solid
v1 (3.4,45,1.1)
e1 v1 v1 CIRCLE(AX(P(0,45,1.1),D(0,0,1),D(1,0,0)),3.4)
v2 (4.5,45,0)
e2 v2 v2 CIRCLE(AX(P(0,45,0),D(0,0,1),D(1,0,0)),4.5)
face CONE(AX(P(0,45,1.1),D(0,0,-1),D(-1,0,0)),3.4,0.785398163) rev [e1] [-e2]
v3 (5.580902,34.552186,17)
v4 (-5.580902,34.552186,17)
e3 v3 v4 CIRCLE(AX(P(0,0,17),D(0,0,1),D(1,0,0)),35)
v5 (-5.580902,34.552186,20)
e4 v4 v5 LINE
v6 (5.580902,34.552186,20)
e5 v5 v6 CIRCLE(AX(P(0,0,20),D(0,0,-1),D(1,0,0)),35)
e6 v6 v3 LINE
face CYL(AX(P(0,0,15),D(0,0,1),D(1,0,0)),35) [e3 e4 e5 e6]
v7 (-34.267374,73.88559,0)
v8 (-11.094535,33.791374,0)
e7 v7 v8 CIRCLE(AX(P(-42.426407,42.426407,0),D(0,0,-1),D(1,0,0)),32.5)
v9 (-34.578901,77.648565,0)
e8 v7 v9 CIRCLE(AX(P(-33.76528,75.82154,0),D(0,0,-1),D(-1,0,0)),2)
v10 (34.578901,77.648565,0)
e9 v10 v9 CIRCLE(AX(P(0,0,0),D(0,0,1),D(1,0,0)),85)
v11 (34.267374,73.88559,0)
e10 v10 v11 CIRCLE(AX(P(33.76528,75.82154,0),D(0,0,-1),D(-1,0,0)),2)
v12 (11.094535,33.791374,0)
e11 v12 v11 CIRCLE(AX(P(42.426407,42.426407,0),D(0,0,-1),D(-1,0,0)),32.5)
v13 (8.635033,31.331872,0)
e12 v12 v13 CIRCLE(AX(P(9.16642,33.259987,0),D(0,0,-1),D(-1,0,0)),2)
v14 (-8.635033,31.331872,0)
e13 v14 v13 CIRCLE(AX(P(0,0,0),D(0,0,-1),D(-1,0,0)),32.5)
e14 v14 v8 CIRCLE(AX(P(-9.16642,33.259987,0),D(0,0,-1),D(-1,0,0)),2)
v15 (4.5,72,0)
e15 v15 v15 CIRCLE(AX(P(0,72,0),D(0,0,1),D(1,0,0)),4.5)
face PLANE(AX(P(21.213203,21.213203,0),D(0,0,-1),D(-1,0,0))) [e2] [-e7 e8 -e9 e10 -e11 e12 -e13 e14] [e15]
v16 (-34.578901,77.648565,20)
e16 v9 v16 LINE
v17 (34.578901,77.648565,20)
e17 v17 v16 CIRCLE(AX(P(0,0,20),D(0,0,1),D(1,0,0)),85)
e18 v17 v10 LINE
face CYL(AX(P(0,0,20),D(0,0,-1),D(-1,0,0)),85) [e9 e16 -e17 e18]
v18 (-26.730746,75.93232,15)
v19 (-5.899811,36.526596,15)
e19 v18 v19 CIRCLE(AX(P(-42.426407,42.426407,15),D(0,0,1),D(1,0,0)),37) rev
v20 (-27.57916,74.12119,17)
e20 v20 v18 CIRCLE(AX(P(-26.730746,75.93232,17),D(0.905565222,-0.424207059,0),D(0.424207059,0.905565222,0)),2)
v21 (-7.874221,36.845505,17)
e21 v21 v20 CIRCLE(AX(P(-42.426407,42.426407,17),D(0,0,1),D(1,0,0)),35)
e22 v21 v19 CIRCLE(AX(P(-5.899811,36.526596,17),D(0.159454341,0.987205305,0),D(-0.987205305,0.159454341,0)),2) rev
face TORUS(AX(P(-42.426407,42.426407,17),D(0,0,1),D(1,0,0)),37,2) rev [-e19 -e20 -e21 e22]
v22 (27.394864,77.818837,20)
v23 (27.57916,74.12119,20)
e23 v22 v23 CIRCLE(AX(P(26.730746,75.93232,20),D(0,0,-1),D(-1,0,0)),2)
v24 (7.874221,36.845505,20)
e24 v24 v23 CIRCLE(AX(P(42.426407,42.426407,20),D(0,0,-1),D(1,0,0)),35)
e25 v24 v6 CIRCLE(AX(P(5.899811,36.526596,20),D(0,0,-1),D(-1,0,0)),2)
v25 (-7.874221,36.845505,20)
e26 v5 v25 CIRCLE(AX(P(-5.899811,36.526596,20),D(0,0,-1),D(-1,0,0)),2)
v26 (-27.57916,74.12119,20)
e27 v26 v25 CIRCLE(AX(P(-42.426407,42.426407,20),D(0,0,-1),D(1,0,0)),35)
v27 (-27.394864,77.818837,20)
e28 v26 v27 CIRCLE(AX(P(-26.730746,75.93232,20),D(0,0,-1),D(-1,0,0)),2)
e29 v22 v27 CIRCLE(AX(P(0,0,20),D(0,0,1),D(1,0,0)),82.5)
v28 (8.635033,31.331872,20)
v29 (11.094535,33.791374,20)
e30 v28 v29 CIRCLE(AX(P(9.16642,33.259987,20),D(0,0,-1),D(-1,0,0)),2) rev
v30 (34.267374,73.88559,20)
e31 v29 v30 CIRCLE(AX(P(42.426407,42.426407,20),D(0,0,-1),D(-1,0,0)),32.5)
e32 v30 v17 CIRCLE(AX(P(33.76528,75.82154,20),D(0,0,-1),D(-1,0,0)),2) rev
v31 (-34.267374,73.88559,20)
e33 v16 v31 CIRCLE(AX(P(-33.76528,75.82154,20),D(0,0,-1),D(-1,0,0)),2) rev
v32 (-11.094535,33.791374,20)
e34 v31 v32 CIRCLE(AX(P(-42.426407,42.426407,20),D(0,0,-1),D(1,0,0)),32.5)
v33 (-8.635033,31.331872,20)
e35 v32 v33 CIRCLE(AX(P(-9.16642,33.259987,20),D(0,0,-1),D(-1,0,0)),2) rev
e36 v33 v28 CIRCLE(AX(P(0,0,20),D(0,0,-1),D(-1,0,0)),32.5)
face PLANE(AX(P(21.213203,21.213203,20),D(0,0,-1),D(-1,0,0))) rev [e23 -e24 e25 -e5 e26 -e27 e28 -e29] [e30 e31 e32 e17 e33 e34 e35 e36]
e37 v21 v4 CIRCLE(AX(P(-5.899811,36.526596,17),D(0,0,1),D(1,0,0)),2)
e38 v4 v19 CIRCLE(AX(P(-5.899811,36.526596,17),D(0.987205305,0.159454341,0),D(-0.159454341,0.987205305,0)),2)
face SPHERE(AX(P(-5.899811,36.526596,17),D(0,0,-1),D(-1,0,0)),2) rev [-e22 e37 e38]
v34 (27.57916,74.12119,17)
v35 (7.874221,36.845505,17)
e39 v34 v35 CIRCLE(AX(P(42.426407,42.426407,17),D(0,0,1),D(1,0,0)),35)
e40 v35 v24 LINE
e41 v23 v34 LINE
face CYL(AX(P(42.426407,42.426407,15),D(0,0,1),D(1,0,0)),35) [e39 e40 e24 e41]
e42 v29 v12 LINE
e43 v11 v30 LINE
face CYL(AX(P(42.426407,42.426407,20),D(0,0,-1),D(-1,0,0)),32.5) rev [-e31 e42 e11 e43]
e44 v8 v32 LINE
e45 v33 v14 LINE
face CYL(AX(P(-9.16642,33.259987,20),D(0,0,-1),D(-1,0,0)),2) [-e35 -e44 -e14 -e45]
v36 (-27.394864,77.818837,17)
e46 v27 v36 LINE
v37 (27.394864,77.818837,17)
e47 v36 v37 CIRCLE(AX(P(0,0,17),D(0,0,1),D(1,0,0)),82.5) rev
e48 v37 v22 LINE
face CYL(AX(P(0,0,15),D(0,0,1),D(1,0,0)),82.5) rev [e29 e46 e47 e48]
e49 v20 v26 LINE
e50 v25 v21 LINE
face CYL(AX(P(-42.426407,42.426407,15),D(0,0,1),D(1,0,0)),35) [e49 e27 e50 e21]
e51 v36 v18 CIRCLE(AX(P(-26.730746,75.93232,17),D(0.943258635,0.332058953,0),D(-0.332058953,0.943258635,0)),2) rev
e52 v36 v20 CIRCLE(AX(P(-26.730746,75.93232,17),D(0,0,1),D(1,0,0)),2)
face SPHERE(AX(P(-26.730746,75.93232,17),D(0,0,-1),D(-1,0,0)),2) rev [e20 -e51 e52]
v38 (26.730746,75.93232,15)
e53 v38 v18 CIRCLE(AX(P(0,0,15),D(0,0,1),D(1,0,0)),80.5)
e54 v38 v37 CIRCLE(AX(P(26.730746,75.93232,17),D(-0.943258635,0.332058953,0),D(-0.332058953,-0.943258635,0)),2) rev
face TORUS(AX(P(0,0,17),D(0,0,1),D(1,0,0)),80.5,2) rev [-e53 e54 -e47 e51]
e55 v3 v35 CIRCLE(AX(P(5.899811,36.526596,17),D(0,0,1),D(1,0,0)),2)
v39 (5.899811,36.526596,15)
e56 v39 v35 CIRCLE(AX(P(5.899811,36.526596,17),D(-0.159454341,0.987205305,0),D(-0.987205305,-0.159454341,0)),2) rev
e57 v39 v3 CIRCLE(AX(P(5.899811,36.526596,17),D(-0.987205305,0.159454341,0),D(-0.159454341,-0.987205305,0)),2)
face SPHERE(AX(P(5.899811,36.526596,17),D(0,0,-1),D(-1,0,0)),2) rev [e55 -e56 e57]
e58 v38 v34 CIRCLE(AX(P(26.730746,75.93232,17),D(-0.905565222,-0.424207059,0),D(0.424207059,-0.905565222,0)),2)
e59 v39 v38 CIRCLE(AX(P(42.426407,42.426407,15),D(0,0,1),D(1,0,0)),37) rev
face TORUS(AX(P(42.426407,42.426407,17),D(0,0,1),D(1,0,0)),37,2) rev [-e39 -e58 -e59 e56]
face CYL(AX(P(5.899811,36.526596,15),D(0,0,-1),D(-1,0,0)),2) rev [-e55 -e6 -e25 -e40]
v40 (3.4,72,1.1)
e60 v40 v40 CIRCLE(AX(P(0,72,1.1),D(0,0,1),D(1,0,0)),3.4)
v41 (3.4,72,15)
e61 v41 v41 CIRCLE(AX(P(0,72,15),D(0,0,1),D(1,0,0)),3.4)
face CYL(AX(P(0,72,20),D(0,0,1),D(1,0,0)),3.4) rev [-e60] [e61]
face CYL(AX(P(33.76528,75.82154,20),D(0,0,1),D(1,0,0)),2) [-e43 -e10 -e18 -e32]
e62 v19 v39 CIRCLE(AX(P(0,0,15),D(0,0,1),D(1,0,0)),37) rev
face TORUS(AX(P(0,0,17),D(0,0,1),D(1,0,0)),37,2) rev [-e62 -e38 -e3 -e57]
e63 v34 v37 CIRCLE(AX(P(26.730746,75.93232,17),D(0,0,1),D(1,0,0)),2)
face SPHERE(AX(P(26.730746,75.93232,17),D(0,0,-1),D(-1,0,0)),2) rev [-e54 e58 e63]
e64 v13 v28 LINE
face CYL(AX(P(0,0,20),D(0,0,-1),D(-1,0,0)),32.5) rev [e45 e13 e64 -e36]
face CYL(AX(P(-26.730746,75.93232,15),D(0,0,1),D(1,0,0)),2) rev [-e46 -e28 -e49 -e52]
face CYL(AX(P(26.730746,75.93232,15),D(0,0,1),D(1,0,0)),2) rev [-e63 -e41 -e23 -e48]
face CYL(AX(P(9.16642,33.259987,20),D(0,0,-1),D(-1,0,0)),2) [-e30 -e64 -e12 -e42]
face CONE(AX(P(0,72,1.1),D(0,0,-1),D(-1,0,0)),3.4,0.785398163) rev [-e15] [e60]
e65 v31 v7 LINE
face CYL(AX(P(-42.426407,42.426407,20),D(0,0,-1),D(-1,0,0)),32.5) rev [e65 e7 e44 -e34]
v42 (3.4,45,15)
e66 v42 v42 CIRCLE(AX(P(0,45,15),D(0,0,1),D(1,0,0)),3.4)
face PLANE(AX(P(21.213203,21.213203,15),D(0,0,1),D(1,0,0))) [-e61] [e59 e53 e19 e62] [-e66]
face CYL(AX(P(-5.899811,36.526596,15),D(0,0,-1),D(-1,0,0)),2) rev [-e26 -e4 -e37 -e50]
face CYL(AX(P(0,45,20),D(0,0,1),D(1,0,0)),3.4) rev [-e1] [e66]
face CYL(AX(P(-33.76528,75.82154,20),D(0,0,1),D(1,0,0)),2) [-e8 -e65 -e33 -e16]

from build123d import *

# Parameters (mm, degrees)
BOSS_EXTRUDE1_DEPTH             = 20
FILLET1_R                       = 2
RECESS_DEPTH                    = 5
RECESS_FILLET_R                 = 2
M8X1_25_TAPPED_HOLE2_AT_2_COUNT = 2
M8X1_25_TAPPED_HOLE2_AT_2_PITCH = 27


with BuildPart() as part:
    # Sketch1 → Boss-Extrude1 (new body)
    with BuildSketch(Plane.XY):
        with BuildLine():
            ThreePointArc((40.270970206, 74.854852606), (0, 85), (-40.270970206, 74.854852606))
            ThreePointArc((-40.270970206, 74.854852606), (-14.837398118, 59.604782697), (-12.374368671, 30.0520382))
            ThreePointArc((-12.374368671, 30.0520382), (0, 32.5), (12.374368671, 30.0520382))
            ThreePointArc((12.374368671, 30.0520382), (14.837398118, 59.604782697), (40.270970206, 74.854852606))
        make_face()
    extrude(amount=BOSS_EXTRUDE1_DEPTH)

    # Fillet1
    fillet1_edges = [part.edges().sort_by_distance(p)[0] for p in [
        (-12.374368671, 30.0520382, 10),
        (-40.270970206, 74.854852606, 10),
        (40.270970206, 74.854852606, 10),
        (12.374368671, 30.0520382, 10),
    ]]
    fillet(fillet1_edges, radius=FILLET1_R)

    # Sketch6 → Recess (cut)
    with BuildSketch(Plane.XY.offset(20)):
        with BuildLine():
            ThreePointArc((32.278956857, 75.923112056), (0, 82.5), (-32.278956857, 75.923112056))
            ThreePointArc((-32.278956857, 75.923112056), (-11.986412015, 59.700859487), (-8.465654652, 33.96075222))
            ThreePointArc((-8.465654652, 33.96075222), (0, 35), (8.465654652, 33.96075222))
            ThreePointArc((8.465654652, 33.96075222), (11.986412015, 59.700859487), (32.278956857, 75.923112056))
        make_face()
    extrude(amount=-RECESS_DEPTH, mode=Mode.SUBTRACT)

    # Recess Fillet
    recess_fillet_edges = [part.edges().sort_by_distance(p)[0] for p in [
        (11.986412015, 59.700859487, 15),
        (32.278956857, 75.923112056, 17.5),
        (0, 35, 15),
        (8.465654652, 33.96075222, 17.5),
        (-11.986412015, 59.700859487, 15),
        (-8.465654652, 33.96075222, 17.5),
        (0, 82.5, 15),
        (-32.278956857, 75.923112056, 17.5),
    ]]
    fillet(recess_fillet_edges, radius=RECESS_FILLET_R)

    # Sketch5 → M8x1.25 Tapped Hole2 (revolve, cut)
    with BuildSketch(Plane(origin=(0, 45, 20), x_dir=(0, -1, 0), z_dir=(1, 0, 0))):
        Polygon((0, 0), (0, 20), (4.5, 20), (3.4, 18.9), (3.4, 1.1), (4.5, 0), align=None)
    m8x1_25_tapped_hole2 = revolve(axis=Axis((0, 45, 26.35), (0, 0, -1)), mode=Mode.SUBTRACT)

    # M8x1.25 Tapped Hole2 at 2: M8x1.25 Tapped Hole2 ×2
    with Locations(*[(0, i * M8X1_25_TAPPED_HOLE2_AT_2_PITCH, 0) for i in range(1, M8X1_25_TAPPED_HOLE2_AT_2_COUNT)]):
        add(m8x1_25_tapped_hole2, mode=Mode.SUBTRACT)


solid = part.part
